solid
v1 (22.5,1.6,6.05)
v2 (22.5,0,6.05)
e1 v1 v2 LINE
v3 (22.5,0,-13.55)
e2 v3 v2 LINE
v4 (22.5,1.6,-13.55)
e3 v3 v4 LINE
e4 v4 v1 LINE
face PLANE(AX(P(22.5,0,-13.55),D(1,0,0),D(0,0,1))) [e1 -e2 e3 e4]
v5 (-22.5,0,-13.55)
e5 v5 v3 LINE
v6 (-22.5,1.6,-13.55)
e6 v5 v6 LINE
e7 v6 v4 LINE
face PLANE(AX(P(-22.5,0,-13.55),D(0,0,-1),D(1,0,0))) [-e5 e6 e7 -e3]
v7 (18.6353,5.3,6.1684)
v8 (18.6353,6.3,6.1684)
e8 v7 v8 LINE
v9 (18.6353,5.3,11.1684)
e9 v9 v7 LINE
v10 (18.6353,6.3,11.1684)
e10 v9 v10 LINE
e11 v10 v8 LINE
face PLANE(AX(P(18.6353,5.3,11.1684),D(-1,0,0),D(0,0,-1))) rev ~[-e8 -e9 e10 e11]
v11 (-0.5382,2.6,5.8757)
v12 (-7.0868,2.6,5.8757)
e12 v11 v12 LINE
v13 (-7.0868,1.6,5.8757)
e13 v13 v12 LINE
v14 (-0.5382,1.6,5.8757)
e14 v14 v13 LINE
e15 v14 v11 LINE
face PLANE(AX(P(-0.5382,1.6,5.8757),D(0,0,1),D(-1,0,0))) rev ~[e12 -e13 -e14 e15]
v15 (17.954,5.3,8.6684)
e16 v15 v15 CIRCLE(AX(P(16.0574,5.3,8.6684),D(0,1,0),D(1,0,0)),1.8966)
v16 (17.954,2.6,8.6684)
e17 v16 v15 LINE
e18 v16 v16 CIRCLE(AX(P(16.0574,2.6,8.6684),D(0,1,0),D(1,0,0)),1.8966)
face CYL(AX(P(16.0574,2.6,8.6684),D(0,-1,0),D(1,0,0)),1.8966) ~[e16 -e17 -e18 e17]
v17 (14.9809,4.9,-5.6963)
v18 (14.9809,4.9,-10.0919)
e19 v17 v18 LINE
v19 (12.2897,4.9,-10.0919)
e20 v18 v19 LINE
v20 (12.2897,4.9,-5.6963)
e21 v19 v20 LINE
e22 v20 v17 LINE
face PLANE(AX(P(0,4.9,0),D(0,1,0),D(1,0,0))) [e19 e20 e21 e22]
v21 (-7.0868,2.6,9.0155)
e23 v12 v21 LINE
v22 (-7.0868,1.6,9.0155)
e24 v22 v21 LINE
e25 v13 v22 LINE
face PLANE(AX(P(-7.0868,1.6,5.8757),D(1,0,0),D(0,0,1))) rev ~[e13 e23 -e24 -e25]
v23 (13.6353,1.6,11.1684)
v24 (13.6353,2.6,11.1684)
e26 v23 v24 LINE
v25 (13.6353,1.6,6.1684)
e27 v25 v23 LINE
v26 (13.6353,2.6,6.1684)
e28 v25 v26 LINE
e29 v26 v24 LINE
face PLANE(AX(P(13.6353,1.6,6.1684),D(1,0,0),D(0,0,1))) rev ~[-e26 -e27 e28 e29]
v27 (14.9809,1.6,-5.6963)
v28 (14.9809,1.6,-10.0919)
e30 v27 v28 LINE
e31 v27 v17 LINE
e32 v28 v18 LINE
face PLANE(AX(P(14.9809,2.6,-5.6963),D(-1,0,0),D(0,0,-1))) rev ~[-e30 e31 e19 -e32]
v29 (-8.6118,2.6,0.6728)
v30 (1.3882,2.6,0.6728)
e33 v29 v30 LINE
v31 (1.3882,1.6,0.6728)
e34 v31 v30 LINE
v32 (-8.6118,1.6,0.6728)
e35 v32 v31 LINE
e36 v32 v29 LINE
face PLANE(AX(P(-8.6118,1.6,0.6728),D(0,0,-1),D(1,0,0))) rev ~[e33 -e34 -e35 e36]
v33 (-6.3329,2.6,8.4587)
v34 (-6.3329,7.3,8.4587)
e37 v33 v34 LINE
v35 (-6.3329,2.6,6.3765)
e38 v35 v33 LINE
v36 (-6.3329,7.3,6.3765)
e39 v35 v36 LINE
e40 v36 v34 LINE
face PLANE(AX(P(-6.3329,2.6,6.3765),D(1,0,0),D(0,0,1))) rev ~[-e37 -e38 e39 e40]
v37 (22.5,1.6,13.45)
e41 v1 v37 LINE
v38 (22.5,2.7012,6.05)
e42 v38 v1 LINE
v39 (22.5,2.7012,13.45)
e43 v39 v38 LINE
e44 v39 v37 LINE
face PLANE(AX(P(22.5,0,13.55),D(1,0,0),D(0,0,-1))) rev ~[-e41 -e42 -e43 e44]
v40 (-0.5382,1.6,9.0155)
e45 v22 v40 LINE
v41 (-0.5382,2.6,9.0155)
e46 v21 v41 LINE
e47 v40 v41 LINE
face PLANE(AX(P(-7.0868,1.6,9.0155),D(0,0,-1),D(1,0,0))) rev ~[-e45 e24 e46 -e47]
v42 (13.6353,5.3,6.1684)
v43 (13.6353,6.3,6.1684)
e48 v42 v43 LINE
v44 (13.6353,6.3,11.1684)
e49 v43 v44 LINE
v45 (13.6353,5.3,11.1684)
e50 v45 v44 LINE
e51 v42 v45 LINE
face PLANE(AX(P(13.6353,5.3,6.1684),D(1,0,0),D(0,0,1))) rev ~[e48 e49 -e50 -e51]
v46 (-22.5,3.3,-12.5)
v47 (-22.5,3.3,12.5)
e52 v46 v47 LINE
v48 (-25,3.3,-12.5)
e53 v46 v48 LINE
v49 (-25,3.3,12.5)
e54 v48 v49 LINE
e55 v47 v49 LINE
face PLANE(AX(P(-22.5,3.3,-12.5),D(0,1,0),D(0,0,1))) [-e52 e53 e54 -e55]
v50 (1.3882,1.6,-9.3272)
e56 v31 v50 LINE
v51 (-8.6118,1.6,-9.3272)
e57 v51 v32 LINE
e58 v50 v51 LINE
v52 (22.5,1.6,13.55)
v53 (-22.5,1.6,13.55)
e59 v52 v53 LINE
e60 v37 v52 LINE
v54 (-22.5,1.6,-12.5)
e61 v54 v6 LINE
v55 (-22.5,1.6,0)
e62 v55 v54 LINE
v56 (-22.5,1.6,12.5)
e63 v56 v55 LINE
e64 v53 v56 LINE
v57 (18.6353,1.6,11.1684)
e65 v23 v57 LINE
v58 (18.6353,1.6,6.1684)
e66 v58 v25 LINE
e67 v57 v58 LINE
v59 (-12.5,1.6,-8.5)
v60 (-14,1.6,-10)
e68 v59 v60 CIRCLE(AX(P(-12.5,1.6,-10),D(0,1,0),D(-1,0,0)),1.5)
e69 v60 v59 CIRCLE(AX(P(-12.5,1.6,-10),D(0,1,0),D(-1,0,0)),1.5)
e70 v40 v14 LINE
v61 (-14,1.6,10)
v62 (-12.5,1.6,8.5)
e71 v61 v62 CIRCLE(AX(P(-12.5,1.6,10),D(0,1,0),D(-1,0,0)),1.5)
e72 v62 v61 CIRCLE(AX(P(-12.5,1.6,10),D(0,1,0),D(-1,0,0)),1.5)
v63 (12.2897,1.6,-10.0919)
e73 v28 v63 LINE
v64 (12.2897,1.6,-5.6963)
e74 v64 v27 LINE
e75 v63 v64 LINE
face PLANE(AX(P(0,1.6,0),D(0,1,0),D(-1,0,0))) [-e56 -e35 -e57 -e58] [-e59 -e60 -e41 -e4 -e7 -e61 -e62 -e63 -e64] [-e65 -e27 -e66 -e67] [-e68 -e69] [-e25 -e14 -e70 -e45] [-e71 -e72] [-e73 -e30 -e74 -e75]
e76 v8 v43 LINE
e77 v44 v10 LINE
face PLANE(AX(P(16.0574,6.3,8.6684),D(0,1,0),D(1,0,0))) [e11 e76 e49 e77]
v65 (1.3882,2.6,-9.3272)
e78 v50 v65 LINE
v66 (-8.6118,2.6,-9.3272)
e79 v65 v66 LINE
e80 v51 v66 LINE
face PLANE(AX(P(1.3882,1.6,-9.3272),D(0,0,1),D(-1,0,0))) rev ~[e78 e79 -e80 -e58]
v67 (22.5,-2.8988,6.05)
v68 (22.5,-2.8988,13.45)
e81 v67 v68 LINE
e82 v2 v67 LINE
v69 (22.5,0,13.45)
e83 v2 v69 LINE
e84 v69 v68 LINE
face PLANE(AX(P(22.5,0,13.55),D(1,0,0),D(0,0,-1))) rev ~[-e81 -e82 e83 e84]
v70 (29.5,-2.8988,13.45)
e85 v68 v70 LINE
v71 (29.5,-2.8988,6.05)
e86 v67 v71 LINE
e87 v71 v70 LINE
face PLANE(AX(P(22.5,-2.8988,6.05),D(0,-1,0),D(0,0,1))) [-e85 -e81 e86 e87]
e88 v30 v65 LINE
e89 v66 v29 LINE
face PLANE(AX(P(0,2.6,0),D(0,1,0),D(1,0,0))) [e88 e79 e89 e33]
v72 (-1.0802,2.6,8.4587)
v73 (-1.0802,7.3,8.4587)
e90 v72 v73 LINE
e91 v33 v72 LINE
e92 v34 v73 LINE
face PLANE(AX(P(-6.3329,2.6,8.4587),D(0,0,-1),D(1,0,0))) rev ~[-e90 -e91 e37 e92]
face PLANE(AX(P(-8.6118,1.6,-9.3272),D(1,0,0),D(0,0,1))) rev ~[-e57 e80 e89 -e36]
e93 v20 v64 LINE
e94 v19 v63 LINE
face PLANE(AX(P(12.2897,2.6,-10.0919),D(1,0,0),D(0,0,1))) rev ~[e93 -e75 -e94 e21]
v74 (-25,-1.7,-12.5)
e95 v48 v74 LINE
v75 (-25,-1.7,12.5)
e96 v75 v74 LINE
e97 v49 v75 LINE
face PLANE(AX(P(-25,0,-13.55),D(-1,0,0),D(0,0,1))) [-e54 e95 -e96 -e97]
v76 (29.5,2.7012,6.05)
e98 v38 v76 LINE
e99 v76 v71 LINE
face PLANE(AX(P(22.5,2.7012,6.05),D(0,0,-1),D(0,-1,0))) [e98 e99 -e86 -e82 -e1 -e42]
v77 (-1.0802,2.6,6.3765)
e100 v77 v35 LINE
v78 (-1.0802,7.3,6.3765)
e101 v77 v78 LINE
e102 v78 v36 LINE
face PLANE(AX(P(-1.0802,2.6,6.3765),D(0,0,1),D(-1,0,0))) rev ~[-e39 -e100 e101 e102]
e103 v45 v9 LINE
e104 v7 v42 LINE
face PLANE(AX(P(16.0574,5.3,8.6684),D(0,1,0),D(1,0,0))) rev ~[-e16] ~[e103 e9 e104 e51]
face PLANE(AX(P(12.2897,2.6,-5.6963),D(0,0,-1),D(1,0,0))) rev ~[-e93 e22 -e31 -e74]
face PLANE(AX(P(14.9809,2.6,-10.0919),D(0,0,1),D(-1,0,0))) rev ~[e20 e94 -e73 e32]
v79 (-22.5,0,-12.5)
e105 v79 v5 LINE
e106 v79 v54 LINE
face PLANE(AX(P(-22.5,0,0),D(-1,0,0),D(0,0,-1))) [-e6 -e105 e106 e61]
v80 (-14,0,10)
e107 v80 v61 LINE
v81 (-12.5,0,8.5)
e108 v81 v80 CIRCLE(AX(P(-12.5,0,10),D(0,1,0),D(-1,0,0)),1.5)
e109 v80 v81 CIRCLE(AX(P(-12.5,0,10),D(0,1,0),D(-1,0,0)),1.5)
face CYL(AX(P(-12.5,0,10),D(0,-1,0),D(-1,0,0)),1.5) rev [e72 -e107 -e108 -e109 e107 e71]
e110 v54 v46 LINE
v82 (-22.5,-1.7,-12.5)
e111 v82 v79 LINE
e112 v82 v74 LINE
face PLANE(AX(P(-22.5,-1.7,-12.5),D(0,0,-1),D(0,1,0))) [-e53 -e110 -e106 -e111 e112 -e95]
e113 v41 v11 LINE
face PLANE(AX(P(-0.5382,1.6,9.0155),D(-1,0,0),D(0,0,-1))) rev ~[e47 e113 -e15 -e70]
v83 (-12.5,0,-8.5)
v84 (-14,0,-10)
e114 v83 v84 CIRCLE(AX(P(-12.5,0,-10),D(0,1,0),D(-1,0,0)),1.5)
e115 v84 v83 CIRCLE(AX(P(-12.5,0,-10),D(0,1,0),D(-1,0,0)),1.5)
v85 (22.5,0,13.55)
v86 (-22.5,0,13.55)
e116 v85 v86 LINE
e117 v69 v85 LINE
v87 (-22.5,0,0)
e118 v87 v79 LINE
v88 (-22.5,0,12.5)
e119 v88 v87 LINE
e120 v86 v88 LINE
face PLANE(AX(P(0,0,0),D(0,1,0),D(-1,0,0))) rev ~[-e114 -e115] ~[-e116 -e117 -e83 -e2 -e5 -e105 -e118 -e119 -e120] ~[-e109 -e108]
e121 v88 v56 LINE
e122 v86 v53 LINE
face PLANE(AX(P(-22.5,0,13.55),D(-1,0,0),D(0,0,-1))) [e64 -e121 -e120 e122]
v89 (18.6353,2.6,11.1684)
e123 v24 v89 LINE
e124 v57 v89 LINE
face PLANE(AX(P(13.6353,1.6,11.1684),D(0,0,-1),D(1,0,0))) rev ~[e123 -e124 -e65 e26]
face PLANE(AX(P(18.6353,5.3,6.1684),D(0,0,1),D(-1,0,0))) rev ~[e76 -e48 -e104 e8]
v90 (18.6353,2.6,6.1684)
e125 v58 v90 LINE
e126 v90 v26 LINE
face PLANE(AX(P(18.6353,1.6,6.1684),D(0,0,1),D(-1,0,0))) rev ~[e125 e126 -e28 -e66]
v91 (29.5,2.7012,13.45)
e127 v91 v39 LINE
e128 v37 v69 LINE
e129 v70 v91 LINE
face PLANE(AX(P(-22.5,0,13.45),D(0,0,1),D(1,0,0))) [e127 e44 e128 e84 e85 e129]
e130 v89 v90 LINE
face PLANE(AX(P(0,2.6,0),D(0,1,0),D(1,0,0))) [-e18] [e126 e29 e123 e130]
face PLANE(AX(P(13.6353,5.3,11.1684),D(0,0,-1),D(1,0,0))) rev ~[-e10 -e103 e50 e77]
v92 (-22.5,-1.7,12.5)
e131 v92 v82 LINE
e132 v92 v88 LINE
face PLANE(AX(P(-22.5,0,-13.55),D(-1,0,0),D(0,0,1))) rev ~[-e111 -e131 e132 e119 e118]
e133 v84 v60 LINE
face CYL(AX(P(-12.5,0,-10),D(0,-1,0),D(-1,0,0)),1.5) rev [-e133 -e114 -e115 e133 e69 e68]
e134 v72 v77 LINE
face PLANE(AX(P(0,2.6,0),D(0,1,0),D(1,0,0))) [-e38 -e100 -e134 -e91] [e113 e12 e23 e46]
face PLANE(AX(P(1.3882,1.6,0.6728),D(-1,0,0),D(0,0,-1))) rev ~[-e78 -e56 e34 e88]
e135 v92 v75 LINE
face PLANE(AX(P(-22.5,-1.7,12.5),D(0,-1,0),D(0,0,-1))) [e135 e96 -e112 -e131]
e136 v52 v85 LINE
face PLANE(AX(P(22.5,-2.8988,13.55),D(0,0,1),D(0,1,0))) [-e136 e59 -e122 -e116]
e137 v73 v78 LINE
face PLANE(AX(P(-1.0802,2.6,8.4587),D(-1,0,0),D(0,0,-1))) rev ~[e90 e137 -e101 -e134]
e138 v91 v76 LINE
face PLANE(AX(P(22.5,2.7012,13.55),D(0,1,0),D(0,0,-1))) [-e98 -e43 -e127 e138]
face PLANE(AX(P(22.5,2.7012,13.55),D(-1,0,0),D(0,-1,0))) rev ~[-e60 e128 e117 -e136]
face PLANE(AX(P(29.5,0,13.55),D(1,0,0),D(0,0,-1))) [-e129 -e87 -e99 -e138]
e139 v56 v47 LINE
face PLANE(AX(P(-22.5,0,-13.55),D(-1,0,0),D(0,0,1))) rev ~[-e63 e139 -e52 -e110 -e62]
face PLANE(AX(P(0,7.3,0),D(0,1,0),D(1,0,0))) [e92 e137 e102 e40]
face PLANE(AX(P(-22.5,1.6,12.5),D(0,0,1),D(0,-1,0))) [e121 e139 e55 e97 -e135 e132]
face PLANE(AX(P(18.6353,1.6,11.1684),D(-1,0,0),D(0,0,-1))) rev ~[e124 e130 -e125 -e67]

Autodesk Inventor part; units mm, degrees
ref_plane "YZ Plane" through (0, 0, 0) normal (1, 0, 0) x (0, 1, 0)
ref_plane "XZ Plane" through (0, 0, 0) normal (0, 1, 0) x (-1, 0, 0)
ref_plane "XY Plane" through (0, 0, 0) normal (0, 0, 1) x (1, 0, 0)
sketch "Boceto1" plane through (0, 0, 0) normal (0, 1, 0) x (-1, 0, 0)
  line L0 (-22.5, 13.55) -> (22.5, 13.55)
  line L1 (22.5, 13.55) -> (22.5, -13.55)
  line L2 (22.5, -13.55) -> (-22.5, -13.55)
  line L3 (-22.5, -13.55) -> (-22.5, 13.55)
  line L4 (-22.5, 13.55) -> (22.5, -13.55) construction
  line L5 (22.5, 13.55) -> (-22.5, -13.55) construction
  line L6 (22.5, 0) -> (12.5, 0)
  line L7 (12.5, 0) -> (12.5, 10)
  line L8 (12.5, 10) -> (12.5, -10)
  circle A0 centre (12.5, 10) radius 1.5
  circle A1 centre (12.5, -10) radius 1.5
  point P0 (0, 0)
  dimension "d0" = 45
  dimension "d1" = 27.1
  dimension "d2" = 10
  dimension "d3" = 10
  dimension "d4" = 20
  dimension "d5" = 3
  dimension "d6" = 3
extrude "Extrusión1" add sketch "Boceto1" along normal blind 1.6
sketch "Boceto2" plane through (-22.5, 0, -13.55) normal (-1, 0, 0) x (0, 0, 1)
  line L0 (13.55, 0) -> (13.55, 1.6)
  line L1 (27.1, 1.6) -> (0, 1.6) projected
  line L2 (26.05, -1.7) -> (1.05, -1.7)
  line L3 (1.05, -1.7) -> (1.05, 3.3)
  line L4 (1.05, 3.3) -> (26.05, 3.3)
  line L5 (26.05, 3.3) -> (26.05, -1.7)
  line L6 (26.05, -1.7) -> (1.05, 3.3) construction
  line L7 (1.05, -1.7) -> (26.05, 3.3) construction
  point P0 (13.55, 0.8)
  dimension "d9" = 25
  dimension "d10" = 5
extrude "Extrusión2" add sketch "Boceto2" along normal blind 2.5
sketch "Boceto3" plane through (22.5, 0, 13.55) normal (1, 0, 0) x (0, 0, -1)
  line L0 (0, 2.7012) -> (7.5, 2.7012)
  line L1 (7.5, 2.7012) -> (7.5, -2.8988)
  line L2 (7.5, -2.8988) -> (0, -2.8988)
  line L3 (0, -2.8988) -> (0, 2.7012)
  point P0 (13.55, 0)
  dimension "d13" = 7.5
  dimension "d14" = 5.6
extrude "Extrusión3" add sketch "Boceto3" along normal blind 7
sketch "Boceto4" plane through (0, 1.6, 0) normal (0, 1, 0) x (1, 0, 0)
  line L0 (-8.6118, -0.6728) -> (1.3882, -0.6728)
  line L1 (1.3882, -0.6728) -> (1.3882, 9.3272)
  line L2 (1.3882, 9.3272) -> (-8.6118, 9.3272)
  line L3 (-8.6118, 9.3272) -> (-8.6118, -0.6728)
  line L4 (-7.0868, -9.0155) -> (-0.5382, -9.0155)
  line L5 (-0.5382, -9.0155) -> (-0.5382, -5.8757)
  line L6 (-0.5382, -5.8757) -> (-7.0868, -5.8757)
  line L7 (-7.0868, -5.8757) -> (-7.0868, -9.0155)
  line L8 (12.2897, 5.6963) -> (14.9809, 5.6963)
  line L9 (14.9809, 5.6963) -> (14.9809, 10.0919)
  line L10 (14.9809, 10.0919) -> (12.2897, 10.0919)
  line L11 (12.2897, 10.0919) -> (12.2897, 5.6963)
  line L12 (13.6353, -11.1684) -> (18.6353, -11.1684)
  line L13 (18.6353, -11.1684) -> (18.6353, -6.1684)
  line L14 (18.6353, -6.1684) -> (13.6353, -6.1684)
  line L15 (13.6353, -6.1684) -> (13.6353, -11.1684)
  point P0 (0, 0)
  dimension "d17" = 10
  dimension "d18" = 10
  dimension "d19" = 5
  dimension "d20" = 5
extrude "Extrusión4" add sketch "Boceto4" along normal blind 1
sketch "Boceto5" plane through (0, 2.6, 0) normal (0, 1, 0) x (1, 0, 0)
  line L0 (-6.3329, -8.4587) -> (-1.0802, -8.4587)
  line L1 (-1.0802, -8.4587) -> (-1.0802, -6.3765)
  line L2 (-1.0802, -6.3765) -> (-6.3329, -6.3765)
  line L3 (-6.3329, -6.3765) -> (-6.3329, -8.4587)
  point P0 (0, 0)
extrude "Extrusión5" add sketch "Boceto5" along normal blind 4.7
sketch "Boceto6" plane through (0, 2.6, 0) normal (0, 1, 0) x (1, 0, 0)
  circle A0 centre (16.0574, -8.6684) radius 1.8966
  point P0 (0, 0)
extrude "Extrusión6" add sketch "Boceto6" along normal blind 2.7
sketch "Boceto7" plane through (16.0574, 5.3, 8.6684) normal (0, 1, 0) x (1, 0, 0)
  circle A0 centre (0, 0) radius 1.8966 projected
  line L0 (2.5779, -2.5) -> (2.5779, 2.5) projected
  line L1 (2.5779, 2.5) -> (-2.4221, 2.5) projected
  line L2 (-2.4221, 2.5) -> (-2.4221, -2.5) projected
  line L3 (-2.4221, -2.5) -> (2.5779, -2.5) projected
  circle A1 centre (0, 0) radius 1.8966 projected
  point P0 (-16.0574, 8.6684)
extrude "Extrusión7" add sketch "Boceto7" along normal blind 1 contours A0 | L3 L2 L1 L0
sketch "Boceto8" plane through (0, 2.6, 0) normal (0, 1, 0) x (1, 0, 0)
  line L0 (14.9809, 5.6963) -> (14.9809, 10.0919) projected
  line L1 (14.9809, 10.0919) -> (12.2897, 10.0919) projected
  line L2 (12.2897, 10.0919) -> (12.2897, 5.6963) projected
  line L3 (12.2897, 5.6963) -> (14.9809, 5.6963) projected
  point P0 (0, 0)
extrude "Extrusión8" add sketch "Boceto8" along normal blind 2.3
sketch "Boceto9" plane through (-22.5, 0, 13.55) normal (0, 0, 1) x (1, 0, 0)
  line L0 (52, -2.8988) -> (52, 2.7012) projected
  line L1 (45, -2.8988) -> (52, -2.8988) projected
  line L2 (52, 2.7012) -> (45, 2.7012)
  line L3 (45, 2.7012) -> (45, -2.8988)
  line L4 (45, -2.8988) -> (52, -2.8988)
  line L5 (52, -2.8988) -> (52, 2.7012)
  point P0 (22.5, 0)
extrude "Extrusión9" cut sketch "Boceto9" against normal blind 0.1
properties part number "Nano-modem"
